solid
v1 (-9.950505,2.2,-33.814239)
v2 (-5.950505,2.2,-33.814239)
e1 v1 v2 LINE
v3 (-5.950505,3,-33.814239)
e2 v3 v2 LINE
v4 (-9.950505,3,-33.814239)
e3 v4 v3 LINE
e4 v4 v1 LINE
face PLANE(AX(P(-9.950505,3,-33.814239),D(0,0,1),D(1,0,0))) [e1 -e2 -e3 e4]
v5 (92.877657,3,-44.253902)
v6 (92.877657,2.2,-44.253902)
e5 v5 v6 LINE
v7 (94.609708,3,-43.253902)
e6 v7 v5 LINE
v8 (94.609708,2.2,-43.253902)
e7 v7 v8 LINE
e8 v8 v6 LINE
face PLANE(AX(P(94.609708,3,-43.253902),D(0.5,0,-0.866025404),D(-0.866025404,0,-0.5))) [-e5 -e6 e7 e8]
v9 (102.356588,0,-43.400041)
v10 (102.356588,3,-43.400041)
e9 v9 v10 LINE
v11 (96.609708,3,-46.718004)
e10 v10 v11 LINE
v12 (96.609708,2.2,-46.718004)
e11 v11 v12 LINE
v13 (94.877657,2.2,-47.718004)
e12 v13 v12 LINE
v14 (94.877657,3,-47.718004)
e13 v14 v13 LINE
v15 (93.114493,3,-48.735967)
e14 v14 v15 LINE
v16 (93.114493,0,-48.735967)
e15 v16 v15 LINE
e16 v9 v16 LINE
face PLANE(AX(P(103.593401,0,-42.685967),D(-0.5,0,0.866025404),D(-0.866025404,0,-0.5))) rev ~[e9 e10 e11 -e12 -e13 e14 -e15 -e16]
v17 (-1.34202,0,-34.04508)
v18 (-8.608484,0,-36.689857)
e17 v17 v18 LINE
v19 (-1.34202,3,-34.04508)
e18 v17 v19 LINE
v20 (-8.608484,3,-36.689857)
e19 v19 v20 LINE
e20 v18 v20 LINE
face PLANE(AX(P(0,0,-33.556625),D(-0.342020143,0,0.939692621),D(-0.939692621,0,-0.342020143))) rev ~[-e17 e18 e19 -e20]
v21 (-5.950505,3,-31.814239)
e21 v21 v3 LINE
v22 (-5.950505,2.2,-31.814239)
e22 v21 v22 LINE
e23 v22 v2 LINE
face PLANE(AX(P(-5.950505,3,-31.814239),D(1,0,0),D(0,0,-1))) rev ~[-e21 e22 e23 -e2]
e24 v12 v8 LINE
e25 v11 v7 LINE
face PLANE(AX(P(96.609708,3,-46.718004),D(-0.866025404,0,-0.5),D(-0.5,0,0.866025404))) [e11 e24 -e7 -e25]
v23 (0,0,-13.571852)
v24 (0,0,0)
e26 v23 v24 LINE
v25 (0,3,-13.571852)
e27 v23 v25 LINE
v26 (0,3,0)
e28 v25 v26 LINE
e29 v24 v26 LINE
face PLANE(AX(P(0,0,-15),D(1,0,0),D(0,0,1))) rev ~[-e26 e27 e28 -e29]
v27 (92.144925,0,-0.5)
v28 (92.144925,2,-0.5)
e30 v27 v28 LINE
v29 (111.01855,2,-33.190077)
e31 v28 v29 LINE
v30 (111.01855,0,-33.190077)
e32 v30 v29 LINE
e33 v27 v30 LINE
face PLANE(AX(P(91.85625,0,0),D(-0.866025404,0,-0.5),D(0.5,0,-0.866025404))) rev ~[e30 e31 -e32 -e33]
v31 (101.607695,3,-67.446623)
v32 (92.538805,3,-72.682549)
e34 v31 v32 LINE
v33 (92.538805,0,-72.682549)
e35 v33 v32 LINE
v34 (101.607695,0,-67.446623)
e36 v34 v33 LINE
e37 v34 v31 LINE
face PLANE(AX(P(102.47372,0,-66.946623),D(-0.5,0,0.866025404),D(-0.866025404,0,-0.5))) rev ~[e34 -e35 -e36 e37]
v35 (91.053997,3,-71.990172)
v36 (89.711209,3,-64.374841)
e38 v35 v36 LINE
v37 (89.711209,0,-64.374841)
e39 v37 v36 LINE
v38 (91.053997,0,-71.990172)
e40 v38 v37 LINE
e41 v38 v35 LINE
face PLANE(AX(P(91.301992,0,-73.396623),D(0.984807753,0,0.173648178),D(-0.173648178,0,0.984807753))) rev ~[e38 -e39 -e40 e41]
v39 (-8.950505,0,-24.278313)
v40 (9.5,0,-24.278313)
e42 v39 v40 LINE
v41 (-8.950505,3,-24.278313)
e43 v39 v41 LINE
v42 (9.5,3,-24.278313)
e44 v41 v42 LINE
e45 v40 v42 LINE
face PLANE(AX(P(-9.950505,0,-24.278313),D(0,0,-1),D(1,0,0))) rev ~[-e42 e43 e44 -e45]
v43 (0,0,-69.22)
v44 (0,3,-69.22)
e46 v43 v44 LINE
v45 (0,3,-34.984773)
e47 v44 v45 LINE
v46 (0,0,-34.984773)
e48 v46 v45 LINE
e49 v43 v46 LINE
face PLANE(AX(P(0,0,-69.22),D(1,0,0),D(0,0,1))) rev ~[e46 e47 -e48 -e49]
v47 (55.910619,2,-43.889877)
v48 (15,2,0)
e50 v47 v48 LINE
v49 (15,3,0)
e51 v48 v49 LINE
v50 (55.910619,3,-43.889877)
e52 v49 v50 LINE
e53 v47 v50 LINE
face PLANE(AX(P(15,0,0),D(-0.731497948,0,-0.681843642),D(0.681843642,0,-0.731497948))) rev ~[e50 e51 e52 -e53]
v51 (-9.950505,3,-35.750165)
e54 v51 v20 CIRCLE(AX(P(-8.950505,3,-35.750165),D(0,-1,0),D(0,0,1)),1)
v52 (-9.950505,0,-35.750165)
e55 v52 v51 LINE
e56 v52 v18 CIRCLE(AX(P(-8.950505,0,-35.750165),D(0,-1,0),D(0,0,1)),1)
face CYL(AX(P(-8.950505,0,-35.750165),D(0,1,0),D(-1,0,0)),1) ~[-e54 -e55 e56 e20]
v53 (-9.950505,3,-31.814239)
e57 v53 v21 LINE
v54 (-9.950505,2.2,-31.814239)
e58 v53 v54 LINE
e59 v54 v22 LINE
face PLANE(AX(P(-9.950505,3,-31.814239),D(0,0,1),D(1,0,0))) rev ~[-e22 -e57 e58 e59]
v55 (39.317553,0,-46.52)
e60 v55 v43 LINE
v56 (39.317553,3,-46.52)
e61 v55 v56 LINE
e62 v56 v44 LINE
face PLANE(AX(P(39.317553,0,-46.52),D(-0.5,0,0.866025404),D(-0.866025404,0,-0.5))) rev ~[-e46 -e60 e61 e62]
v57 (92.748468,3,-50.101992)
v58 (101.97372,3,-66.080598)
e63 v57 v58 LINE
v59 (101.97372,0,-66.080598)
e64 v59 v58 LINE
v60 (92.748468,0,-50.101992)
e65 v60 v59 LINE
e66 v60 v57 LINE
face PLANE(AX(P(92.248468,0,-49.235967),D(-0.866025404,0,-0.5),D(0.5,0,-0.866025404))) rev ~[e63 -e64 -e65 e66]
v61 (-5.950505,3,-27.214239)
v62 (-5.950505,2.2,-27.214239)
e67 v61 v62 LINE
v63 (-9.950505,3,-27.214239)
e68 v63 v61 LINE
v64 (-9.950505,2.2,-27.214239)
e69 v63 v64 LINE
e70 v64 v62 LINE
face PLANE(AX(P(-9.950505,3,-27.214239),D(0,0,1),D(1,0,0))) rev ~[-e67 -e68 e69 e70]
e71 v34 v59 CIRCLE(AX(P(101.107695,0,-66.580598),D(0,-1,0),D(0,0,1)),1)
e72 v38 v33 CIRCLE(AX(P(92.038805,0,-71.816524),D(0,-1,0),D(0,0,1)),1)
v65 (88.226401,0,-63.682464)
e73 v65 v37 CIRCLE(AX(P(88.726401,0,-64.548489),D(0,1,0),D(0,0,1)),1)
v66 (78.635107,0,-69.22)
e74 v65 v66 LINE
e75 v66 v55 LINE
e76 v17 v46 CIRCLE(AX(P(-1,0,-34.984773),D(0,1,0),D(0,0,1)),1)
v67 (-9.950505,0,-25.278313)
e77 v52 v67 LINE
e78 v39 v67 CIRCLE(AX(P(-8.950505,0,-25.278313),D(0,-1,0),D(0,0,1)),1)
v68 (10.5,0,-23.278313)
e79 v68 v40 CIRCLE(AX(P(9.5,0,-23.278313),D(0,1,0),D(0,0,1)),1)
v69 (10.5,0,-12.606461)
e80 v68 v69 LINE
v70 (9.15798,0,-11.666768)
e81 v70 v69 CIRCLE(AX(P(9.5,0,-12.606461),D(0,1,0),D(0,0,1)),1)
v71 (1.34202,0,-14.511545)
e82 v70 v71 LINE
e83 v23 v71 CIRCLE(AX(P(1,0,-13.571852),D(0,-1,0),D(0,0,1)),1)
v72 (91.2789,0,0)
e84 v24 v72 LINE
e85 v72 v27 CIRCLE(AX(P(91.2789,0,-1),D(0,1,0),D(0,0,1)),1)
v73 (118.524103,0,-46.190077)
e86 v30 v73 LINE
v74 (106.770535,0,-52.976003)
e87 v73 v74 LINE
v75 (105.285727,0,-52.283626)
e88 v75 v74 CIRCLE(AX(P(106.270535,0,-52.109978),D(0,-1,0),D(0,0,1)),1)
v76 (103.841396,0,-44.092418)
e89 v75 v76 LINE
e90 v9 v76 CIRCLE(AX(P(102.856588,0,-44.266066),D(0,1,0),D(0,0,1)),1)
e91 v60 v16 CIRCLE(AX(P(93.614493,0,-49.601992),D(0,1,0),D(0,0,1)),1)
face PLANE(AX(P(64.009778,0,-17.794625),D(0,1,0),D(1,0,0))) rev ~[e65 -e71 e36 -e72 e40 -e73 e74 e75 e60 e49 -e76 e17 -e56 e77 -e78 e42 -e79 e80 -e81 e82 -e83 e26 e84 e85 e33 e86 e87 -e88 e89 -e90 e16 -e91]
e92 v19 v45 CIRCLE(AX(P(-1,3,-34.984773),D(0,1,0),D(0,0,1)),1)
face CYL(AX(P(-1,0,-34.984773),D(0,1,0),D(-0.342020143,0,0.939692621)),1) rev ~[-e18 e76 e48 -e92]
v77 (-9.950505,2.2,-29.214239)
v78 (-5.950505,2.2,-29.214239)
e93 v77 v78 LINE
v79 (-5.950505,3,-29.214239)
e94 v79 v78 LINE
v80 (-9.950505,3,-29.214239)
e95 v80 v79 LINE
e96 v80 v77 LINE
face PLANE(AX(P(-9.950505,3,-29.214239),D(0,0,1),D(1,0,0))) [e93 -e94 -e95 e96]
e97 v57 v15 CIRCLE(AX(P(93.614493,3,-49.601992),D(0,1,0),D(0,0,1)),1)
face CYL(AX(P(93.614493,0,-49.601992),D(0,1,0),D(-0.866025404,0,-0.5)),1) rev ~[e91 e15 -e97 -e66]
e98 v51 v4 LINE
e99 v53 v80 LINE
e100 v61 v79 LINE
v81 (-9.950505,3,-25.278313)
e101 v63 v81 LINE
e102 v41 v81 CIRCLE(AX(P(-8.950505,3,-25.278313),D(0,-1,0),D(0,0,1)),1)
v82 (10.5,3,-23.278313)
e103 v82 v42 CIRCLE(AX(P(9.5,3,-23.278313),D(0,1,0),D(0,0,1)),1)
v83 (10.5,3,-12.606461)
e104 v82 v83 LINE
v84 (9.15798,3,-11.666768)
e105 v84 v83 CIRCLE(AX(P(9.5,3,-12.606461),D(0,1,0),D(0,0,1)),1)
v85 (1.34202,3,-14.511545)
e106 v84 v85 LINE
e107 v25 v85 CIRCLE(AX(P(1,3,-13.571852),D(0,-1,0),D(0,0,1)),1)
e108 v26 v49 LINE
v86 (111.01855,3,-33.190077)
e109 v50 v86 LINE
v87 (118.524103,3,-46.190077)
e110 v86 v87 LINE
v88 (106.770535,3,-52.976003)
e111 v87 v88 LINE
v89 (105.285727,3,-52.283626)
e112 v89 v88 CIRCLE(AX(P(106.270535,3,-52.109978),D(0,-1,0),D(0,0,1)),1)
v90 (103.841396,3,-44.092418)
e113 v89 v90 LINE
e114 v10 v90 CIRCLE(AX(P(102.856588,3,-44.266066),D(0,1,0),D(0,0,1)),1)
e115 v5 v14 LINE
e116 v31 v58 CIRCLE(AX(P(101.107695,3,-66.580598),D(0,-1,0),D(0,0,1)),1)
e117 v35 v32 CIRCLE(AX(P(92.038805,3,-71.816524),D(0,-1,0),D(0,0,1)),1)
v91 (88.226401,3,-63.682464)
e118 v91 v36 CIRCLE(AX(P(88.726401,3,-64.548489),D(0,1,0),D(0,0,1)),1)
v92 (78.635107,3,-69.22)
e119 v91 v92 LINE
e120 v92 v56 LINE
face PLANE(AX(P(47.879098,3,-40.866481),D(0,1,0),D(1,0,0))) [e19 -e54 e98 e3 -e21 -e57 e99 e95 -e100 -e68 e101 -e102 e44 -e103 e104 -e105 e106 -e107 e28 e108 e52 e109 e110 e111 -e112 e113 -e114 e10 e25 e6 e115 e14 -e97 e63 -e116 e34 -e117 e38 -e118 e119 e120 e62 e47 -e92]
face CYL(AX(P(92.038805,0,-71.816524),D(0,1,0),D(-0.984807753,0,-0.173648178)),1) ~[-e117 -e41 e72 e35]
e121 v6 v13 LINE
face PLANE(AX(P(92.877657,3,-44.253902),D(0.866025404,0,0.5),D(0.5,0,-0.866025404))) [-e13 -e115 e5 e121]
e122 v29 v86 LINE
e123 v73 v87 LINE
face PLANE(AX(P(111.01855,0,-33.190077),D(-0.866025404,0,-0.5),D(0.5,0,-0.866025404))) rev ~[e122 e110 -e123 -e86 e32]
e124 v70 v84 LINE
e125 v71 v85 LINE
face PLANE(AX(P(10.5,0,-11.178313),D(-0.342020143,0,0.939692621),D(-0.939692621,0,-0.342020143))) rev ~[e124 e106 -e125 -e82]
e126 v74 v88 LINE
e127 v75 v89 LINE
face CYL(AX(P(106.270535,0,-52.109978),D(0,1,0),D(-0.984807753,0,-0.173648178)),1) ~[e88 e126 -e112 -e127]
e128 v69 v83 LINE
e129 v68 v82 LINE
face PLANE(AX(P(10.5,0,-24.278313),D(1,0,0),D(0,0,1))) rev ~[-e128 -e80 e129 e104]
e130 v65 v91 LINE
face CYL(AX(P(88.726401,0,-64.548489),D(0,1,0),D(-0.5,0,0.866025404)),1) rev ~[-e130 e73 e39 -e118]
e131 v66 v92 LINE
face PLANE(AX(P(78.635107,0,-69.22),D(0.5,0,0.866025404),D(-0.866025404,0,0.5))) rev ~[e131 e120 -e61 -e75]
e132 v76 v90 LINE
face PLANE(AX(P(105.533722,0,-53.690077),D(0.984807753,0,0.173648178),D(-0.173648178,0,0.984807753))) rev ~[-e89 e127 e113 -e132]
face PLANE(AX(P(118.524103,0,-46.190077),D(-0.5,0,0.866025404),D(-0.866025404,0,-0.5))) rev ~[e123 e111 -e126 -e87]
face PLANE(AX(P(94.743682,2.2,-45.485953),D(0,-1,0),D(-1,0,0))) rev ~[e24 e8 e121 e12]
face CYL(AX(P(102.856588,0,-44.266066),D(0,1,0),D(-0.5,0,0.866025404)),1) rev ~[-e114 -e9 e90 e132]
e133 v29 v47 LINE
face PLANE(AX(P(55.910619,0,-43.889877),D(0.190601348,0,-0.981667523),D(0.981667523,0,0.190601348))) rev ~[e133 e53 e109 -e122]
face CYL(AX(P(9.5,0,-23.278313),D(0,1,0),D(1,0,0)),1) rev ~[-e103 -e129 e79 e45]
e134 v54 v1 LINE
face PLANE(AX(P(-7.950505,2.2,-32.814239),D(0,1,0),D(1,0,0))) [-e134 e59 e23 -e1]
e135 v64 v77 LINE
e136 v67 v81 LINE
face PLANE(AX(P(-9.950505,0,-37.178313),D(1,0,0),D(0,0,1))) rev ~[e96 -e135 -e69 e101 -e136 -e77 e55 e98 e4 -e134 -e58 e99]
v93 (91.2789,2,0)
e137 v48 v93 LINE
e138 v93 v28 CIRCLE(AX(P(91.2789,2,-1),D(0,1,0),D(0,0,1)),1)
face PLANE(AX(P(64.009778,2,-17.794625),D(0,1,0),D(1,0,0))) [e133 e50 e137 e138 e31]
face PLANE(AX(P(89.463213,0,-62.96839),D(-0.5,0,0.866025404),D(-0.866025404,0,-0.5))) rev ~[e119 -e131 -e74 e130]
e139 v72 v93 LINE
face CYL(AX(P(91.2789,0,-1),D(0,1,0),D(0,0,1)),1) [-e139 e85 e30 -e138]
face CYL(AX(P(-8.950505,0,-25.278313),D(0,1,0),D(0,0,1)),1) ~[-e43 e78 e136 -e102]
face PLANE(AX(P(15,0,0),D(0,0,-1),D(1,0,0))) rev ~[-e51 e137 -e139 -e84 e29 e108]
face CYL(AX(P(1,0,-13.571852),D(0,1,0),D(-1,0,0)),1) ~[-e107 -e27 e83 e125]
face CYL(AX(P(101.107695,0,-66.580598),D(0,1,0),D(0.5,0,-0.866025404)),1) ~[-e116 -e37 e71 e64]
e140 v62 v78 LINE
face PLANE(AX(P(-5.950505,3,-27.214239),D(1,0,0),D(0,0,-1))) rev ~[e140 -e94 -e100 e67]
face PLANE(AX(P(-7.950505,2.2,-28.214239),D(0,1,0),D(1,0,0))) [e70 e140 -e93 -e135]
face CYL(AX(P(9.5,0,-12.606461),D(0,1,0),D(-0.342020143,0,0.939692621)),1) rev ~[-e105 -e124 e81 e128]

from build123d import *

# Parameters (mm, degrees)
P_IDAT_VYSUNUT_M1_DEPTH  = 3
P_IDAT_VYSUNUT_M2_DEPTH  = 2
ZAOBLIT1_R               = 1
ZAOBLIT2_R               = 1
SKICA2_W                 = 4
SKICA2_H                 = 2
ODEBRAT_VYSUNUT_M1_DEPTH = 0.8


with BuildPart() as part:
    # Skica1 → P_idat vysunut_m1 (new body)
    with BuildSketch(Plane(origin=(0, 0, 0), x_dir=(1, 0, 0), z_dir=(0, 1, 0))):
        Polygon((118.524103266, 46.190077074), (105.53372221, 53.690077074), (103.593400635, 42.685966604), (92.248467845, 49.235966604), (102.473720104, 66.946623035), (91.301992395, 73.396623035), (89.463213481, 62.968389614), (78.635106664, 69.22), (39.317553332, 46.52), (0, 69.22), (0, 33.55662508), (-9.950504516, 37.17831254), (-9.950504516, 24.27831254), (10.5, 24.27831254), (10.5, 11.17831254), (0, 15), (0, 0), (15, 0), (55.910618513, 43.889876884), (111.018549767, 33.190077074), align=None)
    extrude(amount=P_IDAT_VYSUNUT_M1_DEPTH)

    # Skica1_3 → P_idat vysunut_m2 (add)
    with BuildSketch(Plane(origin=(0, 0, 0), x_dir=(1, 0, 0), z_dir=(0, 1, 0))):
        Polygon((91.856249834, 0), (111.018549767, 33.190077074), (55.910618513, 43.889876884), (15, 0), align=None)
    extrude(amount=P_IDAT_VYSUNUT_M2_DEPTH)

    # Zaoblit1
    zaoblit1_edges = [part.edges().sort_by_distance(p)[0] for p in [
        (102.473720104, 1.5, -66.946623035),
        (92.248467845, 1.5, -49.235966604),
        (103.593400635, 1.5, -42.685966604),
        (105.53372221, 1.5, -53.690077074),
        (0, 1.5, -15),
        (10.5, 1.5, -11.17831254),
        (10.5, 1.5, -24.27831254),
        (-9.950504516, 1.5, -24.27831254),
        (-9.950504516, 1.5, -37.17831254),
        (0, 1.5, -33.55662508),
        (89.463213481, 1.5, -62.968389614),
        (91.301992395, 1.5, -73.396623035),
    ]]
    fillet(zaoblit1_edges, radius=ZAOBLIT1_R)

    # Zaoblit2
    zaoblit2_edges = [part.edges().sort_by_distance(p)[0] for p in [
        (91.856249834, 1, 0),
    ]]
    fillet(zaoblit2_edges, radius=ZAOBLIT2_R)

    # Skica2 → Odebrat vysunut_m1 (cut)
    with BuildSketch(Plane(origin=(0, 3, 0), x_dir=(1, 0, 0), z_dir=(0, 1, 0))):
        with Locations((-7.950504516, 32.814238537)):
            Rectangle(SKICA2_W, SKICA2_H)
        with Locations((-7.950504516, 28.214238537)):
            Rectangle(SKICA2_W, SKICA2_H)
        Polygon((94.877656883, 47.718003606), (96.60970769, 46.718003606), (94.60970769, 43.253901991), (92.877656883, 44.253901991), align=None)
    extrude(amount=-ODEBRAT_VYSUNUT_M1_DEPTH, mode=Mode.SUBTRACT)


solid = part.part
